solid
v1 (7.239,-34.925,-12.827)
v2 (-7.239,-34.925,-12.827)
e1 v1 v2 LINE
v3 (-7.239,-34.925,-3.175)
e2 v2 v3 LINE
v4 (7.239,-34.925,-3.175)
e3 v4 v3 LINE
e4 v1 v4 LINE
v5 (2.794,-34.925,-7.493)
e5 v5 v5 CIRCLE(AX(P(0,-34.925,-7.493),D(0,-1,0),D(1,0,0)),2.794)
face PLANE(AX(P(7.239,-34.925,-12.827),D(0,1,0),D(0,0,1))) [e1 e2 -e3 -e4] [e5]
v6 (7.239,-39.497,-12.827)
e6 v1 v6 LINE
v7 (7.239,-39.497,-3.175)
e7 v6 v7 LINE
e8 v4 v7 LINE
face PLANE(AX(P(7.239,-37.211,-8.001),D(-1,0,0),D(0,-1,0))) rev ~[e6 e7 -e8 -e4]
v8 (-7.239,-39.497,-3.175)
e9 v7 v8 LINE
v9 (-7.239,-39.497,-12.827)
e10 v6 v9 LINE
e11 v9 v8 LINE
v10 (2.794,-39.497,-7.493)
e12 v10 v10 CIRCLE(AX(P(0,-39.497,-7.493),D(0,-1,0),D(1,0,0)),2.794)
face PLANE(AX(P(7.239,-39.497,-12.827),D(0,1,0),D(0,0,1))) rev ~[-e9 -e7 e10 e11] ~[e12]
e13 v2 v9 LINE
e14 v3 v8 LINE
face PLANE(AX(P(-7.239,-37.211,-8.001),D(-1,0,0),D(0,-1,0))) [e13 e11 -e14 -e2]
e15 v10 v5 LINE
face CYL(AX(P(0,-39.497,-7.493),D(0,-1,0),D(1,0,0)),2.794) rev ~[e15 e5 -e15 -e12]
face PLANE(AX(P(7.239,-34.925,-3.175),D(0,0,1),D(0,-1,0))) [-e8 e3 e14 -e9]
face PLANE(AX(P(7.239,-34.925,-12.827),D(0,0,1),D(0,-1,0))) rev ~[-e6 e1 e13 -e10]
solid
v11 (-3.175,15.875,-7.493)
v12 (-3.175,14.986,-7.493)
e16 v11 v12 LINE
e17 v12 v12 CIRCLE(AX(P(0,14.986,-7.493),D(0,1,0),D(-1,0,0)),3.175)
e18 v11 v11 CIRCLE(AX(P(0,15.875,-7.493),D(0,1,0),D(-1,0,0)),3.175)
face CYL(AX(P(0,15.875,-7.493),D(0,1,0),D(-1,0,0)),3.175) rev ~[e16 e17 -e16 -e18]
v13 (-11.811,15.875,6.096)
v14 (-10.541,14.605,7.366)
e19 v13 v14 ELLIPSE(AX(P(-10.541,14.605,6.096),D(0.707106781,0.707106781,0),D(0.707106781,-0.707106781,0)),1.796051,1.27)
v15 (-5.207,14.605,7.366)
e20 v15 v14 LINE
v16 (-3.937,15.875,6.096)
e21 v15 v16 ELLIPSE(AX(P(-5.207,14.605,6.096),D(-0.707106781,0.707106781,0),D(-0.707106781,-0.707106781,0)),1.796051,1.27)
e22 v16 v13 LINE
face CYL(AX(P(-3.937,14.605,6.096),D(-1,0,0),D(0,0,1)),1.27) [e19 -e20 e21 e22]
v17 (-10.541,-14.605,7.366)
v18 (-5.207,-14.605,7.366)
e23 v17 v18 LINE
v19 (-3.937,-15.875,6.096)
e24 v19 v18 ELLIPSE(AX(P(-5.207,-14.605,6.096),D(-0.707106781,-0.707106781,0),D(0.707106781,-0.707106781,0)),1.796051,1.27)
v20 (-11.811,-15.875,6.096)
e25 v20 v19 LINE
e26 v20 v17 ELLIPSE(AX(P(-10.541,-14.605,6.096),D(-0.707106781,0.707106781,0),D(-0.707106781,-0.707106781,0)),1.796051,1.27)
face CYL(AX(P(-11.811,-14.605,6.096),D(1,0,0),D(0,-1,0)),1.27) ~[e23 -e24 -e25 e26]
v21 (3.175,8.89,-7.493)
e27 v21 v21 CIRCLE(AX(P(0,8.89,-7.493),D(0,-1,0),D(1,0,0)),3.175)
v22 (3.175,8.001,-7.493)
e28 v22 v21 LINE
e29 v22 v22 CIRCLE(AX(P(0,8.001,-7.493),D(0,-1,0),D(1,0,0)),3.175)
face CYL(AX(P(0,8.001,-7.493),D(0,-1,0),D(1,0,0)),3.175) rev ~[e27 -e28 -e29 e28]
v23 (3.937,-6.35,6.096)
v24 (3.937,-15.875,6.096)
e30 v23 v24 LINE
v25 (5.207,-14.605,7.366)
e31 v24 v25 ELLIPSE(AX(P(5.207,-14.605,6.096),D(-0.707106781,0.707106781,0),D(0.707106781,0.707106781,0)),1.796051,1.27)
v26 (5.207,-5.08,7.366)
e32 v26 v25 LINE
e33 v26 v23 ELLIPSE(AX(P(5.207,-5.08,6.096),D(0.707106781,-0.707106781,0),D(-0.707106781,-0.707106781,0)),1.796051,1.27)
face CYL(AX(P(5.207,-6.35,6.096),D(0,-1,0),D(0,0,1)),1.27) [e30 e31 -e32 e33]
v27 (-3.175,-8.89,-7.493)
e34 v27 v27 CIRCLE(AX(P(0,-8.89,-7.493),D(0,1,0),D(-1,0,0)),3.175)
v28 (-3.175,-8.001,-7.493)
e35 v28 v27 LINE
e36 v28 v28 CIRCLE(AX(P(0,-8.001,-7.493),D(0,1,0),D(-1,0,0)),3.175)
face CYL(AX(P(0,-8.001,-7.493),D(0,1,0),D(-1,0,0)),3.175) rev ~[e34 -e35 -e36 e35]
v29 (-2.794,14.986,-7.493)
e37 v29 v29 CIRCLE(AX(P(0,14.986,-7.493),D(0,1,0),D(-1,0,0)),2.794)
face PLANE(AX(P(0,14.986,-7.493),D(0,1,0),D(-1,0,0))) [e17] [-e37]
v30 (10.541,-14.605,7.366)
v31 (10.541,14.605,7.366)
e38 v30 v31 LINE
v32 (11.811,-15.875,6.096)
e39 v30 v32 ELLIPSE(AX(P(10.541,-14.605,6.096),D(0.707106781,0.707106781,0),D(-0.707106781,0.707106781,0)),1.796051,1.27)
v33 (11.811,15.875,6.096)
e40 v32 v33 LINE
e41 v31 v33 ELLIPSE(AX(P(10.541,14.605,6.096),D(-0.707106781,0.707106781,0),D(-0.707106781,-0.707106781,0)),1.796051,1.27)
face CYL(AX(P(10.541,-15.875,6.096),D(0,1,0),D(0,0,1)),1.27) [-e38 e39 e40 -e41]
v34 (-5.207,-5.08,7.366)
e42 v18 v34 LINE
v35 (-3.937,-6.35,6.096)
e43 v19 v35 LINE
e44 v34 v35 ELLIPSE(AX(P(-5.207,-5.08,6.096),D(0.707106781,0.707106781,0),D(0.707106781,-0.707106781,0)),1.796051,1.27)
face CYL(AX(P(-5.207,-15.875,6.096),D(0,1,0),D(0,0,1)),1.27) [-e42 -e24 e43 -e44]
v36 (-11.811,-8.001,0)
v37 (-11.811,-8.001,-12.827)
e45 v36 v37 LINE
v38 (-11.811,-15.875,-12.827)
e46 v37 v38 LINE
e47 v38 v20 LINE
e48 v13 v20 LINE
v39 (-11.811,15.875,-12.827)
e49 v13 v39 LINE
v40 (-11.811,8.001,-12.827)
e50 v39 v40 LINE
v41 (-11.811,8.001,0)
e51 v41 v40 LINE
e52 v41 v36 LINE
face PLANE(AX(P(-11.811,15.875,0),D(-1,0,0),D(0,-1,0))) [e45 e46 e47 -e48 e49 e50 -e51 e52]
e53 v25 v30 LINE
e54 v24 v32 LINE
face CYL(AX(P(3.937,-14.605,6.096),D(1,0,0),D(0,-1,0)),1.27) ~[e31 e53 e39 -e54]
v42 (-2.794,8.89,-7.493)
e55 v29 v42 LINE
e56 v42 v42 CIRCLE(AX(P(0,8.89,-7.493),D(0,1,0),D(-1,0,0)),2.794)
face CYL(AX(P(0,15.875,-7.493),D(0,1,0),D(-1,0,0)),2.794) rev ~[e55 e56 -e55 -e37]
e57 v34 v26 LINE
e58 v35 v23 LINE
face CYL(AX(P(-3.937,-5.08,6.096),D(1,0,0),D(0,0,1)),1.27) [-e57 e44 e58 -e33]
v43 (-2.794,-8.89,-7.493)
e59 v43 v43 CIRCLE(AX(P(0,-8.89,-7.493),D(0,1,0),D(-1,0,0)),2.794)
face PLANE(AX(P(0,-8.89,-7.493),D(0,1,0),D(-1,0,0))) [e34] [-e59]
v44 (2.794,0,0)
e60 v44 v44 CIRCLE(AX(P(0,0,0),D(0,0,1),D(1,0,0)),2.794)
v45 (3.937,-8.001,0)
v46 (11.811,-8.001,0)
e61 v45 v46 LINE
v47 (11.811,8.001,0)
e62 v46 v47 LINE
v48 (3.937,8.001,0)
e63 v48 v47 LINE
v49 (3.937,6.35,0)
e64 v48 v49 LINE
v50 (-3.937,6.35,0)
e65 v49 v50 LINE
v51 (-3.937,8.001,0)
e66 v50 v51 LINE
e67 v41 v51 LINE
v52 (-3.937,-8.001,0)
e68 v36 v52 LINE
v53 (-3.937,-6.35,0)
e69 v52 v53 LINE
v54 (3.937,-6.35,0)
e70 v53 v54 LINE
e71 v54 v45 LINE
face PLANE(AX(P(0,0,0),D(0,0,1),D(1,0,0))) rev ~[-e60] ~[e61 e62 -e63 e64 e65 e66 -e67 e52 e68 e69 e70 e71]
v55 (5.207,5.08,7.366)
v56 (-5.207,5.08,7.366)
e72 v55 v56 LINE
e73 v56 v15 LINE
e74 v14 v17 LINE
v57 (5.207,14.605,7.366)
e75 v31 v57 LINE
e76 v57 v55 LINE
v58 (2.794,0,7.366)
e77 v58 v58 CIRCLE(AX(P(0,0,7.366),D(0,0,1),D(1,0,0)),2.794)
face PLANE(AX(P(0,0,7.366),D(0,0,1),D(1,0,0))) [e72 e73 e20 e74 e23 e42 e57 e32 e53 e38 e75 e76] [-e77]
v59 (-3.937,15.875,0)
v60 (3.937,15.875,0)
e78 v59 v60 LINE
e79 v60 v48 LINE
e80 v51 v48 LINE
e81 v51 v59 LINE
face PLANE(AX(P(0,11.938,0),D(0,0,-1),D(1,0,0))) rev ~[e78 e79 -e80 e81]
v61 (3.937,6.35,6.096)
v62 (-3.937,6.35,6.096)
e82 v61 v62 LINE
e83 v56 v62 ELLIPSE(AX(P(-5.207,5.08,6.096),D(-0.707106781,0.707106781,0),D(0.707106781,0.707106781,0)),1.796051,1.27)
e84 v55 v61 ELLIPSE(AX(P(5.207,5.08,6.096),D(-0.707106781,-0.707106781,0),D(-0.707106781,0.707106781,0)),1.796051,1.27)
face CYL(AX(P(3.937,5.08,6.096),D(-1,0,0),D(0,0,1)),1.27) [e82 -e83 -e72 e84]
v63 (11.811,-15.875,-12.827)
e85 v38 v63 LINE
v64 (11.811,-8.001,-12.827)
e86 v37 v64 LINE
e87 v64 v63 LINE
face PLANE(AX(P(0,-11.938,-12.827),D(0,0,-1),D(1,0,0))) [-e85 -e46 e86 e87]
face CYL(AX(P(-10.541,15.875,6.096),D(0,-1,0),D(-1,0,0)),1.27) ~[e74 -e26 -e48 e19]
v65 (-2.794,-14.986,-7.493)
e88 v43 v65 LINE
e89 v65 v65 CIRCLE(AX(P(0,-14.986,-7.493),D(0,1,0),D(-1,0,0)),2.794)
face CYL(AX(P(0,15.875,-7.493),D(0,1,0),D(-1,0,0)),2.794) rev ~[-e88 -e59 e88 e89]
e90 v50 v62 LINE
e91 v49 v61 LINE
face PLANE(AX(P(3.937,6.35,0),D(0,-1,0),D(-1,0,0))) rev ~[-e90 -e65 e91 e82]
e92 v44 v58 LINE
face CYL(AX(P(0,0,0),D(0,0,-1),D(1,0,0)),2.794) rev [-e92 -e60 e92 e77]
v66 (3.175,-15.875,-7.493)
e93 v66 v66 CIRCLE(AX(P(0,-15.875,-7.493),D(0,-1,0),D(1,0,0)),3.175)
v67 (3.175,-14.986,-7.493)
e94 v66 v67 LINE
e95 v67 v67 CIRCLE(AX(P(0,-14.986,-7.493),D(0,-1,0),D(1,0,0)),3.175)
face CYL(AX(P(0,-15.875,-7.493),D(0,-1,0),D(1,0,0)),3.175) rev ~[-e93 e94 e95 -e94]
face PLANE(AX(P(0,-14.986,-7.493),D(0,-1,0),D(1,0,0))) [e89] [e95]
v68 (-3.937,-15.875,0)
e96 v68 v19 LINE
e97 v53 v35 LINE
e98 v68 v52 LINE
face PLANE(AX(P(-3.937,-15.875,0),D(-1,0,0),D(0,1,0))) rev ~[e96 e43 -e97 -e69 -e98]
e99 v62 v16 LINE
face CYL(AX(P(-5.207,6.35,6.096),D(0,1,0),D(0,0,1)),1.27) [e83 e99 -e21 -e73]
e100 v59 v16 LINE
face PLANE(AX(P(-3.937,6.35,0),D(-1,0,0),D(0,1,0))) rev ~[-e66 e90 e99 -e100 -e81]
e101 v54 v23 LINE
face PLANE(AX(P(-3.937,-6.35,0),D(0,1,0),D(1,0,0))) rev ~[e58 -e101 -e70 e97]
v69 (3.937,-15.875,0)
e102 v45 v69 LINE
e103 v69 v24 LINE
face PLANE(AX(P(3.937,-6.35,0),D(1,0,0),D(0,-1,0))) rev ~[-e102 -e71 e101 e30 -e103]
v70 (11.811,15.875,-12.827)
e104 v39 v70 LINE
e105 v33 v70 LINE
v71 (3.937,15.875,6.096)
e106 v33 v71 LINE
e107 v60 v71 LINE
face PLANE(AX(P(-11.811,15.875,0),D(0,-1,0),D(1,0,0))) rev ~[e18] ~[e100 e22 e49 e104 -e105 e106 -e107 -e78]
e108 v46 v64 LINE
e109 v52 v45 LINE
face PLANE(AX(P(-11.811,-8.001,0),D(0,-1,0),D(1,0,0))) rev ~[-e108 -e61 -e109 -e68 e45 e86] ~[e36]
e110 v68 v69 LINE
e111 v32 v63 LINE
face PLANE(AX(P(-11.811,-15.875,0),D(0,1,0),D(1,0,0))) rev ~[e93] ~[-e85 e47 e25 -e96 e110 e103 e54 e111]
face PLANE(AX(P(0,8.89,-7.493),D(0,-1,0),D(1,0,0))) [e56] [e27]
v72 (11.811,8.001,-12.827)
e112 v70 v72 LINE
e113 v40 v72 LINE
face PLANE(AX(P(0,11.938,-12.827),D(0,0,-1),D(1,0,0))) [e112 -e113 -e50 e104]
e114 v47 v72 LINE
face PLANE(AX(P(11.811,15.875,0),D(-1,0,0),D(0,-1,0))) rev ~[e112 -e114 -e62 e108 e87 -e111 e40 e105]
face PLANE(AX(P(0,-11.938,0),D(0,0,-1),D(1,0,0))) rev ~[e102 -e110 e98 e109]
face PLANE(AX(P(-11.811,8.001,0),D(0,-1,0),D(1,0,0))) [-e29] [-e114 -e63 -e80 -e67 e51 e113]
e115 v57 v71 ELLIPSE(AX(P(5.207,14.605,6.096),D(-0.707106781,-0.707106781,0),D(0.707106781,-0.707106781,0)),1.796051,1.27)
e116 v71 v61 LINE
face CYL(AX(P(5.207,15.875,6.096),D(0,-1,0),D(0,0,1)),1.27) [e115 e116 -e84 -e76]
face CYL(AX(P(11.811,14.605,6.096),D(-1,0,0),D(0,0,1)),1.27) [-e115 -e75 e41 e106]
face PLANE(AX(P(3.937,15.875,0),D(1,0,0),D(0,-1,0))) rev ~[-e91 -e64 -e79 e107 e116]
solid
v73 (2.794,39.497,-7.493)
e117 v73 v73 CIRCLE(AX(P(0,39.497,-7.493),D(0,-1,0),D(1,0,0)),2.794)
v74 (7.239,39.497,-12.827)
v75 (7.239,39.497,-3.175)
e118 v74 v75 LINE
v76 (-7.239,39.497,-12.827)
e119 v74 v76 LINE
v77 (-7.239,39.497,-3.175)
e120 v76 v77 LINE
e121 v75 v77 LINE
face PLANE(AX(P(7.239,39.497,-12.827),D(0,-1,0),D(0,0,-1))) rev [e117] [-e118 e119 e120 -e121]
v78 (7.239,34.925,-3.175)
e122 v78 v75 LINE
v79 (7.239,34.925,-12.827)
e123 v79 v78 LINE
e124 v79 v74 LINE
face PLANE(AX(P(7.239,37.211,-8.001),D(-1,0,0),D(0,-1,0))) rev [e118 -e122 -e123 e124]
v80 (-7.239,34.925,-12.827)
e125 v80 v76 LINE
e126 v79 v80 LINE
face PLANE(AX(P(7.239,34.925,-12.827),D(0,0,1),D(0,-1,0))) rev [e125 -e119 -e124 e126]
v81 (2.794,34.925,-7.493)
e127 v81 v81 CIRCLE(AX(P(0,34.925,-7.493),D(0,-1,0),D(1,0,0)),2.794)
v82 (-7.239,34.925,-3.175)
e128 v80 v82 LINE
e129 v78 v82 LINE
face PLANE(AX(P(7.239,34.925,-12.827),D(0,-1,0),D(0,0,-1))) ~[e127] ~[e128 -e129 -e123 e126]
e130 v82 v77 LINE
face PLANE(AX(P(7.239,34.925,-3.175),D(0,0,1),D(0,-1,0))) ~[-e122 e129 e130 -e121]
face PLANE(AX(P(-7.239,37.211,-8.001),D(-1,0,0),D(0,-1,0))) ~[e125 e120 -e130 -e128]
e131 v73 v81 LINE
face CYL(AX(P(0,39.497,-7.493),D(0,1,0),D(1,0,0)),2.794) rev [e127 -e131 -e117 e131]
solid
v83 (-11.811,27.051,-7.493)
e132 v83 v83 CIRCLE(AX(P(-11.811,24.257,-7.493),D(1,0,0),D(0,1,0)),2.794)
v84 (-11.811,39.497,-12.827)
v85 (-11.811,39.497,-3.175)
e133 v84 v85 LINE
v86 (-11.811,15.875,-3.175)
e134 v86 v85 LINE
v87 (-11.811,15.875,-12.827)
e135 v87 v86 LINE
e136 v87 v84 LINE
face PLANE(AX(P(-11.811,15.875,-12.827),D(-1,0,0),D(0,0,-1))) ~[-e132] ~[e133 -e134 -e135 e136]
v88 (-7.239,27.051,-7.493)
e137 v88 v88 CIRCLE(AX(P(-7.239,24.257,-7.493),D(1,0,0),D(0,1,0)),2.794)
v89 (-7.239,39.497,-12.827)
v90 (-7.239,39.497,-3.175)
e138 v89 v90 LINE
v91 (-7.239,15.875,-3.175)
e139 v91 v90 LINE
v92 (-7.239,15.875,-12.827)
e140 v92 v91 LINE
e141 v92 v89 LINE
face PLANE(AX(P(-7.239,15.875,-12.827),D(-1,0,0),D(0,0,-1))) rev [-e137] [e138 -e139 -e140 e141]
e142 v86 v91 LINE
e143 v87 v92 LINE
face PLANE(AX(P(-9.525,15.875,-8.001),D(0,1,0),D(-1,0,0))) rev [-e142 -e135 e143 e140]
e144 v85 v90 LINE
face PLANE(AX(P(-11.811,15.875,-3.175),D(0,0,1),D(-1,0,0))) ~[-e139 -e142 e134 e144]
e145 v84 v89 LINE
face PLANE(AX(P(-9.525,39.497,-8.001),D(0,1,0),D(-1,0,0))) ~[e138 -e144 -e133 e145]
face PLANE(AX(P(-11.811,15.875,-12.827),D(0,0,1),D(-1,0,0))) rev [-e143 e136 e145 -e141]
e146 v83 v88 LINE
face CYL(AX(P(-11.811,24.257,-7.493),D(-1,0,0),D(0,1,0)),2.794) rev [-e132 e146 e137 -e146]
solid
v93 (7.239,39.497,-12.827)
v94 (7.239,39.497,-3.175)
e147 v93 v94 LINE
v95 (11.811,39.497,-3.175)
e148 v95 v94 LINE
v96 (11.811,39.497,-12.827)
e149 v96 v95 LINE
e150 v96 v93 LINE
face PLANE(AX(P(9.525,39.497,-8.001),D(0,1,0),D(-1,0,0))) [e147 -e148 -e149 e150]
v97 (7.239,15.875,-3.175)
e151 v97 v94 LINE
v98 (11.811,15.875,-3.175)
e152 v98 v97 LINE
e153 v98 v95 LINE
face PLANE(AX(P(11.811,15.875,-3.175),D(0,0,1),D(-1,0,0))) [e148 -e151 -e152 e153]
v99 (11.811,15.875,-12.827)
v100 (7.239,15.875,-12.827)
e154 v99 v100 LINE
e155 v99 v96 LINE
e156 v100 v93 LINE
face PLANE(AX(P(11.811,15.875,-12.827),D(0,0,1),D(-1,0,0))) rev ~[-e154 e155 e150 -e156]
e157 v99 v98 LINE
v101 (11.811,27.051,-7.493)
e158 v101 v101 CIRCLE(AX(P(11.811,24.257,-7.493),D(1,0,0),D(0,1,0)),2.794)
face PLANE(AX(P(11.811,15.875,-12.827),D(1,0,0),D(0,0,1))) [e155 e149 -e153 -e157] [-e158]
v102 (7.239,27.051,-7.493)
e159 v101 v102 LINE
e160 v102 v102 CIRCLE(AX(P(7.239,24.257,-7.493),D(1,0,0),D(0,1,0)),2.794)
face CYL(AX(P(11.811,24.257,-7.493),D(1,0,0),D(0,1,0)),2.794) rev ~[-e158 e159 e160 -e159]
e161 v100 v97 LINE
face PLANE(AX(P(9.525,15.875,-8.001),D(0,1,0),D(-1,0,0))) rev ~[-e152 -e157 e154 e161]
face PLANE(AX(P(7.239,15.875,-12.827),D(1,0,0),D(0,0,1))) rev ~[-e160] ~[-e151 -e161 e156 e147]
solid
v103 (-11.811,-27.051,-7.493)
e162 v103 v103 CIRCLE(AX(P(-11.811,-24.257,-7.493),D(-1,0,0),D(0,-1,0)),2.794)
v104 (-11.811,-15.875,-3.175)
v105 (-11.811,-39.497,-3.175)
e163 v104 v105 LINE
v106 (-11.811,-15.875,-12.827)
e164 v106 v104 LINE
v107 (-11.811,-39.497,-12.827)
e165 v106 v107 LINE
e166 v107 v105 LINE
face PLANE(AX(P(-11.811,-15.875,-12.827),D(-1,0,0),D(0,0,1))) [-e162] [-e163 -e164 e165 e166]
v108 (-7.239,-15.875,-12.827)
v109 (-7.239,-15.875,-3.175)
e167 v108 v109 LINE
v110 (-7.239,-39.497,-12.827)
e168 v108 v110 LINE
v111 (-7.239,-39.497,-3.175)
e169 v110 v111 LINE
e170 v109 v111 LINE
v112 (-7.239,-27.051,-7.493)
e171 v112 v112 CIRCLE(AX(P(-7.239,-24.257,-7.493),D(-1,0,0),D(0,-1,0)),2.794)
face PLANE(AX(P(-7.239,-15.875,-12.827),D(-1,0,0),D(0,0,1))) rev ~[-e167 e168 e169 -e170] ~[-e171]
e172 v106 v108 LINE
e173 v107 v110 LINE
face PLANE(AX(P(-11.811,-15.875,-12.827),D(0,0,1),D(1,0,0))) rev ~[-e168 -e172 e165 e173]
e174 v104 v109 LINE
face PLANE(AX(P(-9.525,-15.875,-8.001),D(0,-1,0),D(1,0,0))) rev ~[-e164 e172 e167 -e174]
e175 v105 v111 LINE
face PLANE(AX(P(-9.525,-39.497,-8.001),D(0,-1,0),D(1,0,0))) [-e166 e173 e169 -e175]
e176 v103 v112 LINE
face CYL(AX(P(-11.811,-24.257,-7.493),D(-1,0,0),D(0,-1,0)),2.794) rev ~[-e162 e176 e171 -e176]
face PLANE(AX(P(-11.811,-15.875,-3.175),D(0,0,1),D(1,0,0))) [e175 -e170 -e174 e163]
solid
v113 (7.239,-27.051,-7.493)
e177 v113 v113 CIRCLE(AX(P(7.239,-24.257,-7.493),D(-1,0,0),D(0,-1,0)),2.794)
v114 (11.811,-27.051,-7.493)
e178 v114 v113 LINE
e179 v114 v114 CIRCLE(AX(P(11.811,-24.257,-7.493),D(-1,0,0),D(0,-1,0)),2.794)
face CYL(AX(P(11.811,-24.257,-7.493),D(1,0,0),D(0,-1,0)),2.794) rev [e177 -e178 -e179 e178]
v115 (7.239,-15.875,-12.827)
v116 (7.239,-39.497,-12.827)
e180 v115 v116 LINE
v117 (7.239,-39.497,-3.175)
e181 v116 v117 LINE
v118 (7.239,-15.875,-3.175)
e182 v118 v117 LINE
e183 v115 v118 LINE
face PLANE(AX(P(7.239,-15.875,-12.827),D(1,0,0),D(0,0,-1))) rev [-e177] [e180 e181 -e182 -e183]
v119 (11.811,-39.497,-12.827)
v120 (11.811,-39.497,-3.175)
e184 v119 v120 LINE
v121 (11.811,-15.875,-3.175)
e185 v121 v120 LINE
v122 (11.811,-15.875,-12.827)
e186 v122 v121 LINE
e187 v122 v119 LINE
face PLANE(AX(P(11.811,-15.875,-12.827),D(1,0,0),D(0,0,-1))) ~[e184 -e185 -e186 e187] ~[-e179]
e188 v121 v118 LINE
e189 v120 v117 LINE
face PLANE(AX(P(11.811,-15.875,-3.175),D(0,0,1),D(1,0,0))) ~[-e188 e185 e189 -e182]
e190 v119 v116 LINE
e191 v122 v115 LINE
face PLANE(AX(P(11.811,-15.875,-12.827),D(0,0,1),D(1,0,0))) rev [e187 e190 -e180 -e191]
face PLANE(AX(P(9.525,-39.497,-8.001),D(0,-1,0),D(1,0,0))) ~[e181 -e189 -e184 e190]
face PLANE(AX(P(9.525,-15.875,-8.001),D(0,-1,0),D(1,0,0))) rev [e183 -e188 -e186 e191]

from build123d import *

# Parameters (mm, degrees)
F0_R      = 2.794
F1_DEPTH  = 7.366
F2_W      = 23.622
F2_H      = 7.874
F3_DEPTH  = 12.827
F4_R      = 2.794
F5_DEPTH  = 31.75
F6_W      = 4.572
F6_H      = 9.652
F7_DEPTH  = 23.622
F8_R      = 2.794
F9_DEPTH  = 4.572
F11_W     = 4.572
F11_H     = 9.652
F12_DEPTH = 14.478
F13_R     = 2.794
F14_DEPTH = 4.572
F16_R     = 1.27
F17_R     = 3.175
F18_DEPTH = 0.889
F19_R     = 3.175
F19_R_2   = 2.794
F20_DEPTH = 0.889
F21_R     = 3.175
F21_R_2   = 2.794
F22_DEPTH = 0.889
F23_R     = 3.175
F23_R_2   = 2.794
F24_DEPTH = 0.889


with BuildPart() as f1:
    # F0 (on Top) → F1 (new body)
    with BuildSketch(Plane.XY):
        Polygon((-3.937, 15.875), (-11.811, 15.875), (-11.811, 0), (-11.811, -15.875), (-3.937, -15.875), (-3.937, -6.35), (0, -6.35), (3.937, -6.35), (3.937, -15.875), (11.811, -15.875), (11.811, 0), (11.811, 15.875), (3.937, 15.875), (3.937, 6.35), (0, 6.35), (-3.937, 6.35), align=None)
        Circle(F0_R, mode=Mode.SUBTRACT)
    extrude(amount=F1_DEPTH)

    # F2 (on face) → F3 (join)
    with BuildSketch(Plane(origin=(0, 0, 0), x_dir=(1, 0, 0), z_dir=(0, 0, -1))):
        with Locations((0, -11.938)):
            Rectangle(F2_W, F2_H)
        with Locations((0, 11.938)):
            Rectangle(F2_W, F2_H)
    extrude(amount=F3_DEPTH)

    # F4 (on face) → F5 (cut, through all)
    with BuildSketch(Plane(origin=(0, 15.875, 0), x_dir=(-1, 0, 0), z_dir=(0, 1, 0))):
        with Locations((0, -7.493)):
            Circle(F4_R)
    extrude(amount=-F5_DEPTH, mode=Mode.SUBTRACT)

    # F16
    f16_edges = [f1.edges().sort_by_distance(p)[0] for p in [
        (-11.811, 0, 7.366),
        (-7.874, 15.875, 7.366),
        (-3.937, 11.1125, 7.366),
        (0, 6.35, 7.366),
        (3.937, 11.1125, 7.366),
        (7.874, 15.875, 7.366),
        (11.811, 0, 7.366),
        (7.874, -15.875, 7.366),
        (3.937, -11.1125, 7.366),
        (0, -6.35, 7.366),
        (-7.874, -15.875, 7.366),
        (-3.937, -11.1125, 7.366),
    ]]
    fillet(f16_edges, radius=F16_R)

    # F17 (on face) → F18 (cut)
    with BuildSketch(Plane.XZ.offset(-8.001)):
        with Locations((0, -7.493)):
            Circle(F17_R)
    extrude(amount=-F18_DEPTH, mode=Mode.SUBTRACT)

    # F19 (on face) → F20 (cut)
    with BuildSketch(Plane(origin=(0, -8.001, 0), x_dir=(-1, 0, 0), z_dir=(0, 1, 0))):
        with Locations((0, -7.493)):
            Circle(F19_R)
        with Locations((0, -7.493)):
            Circle(F19_R_2, mode=Mode.SUBTRACT)
    extrude(amount=-F20_DEPTH, mode=Mode.SUBTRACT)

    # F21 (on face) → F22 (cut)
    with BuildSketch(Plane.XZ.offset(15.875)):
        with Locations((0, -7.493)):
            Circle(F21_R)
        with Locations((0, -7.493)):
            Circle(F21_R_2, mode=Mode.SUBTRACT)
    extrude(amount=-F22_DEPTH, mode=Mode.SUBTRACT)

    # F23 (on face) → F24 (cut)
    with BuildSketch(Plane(origin=(0, 15.875, 0), x_dir=(-1, 0, 0), z_dir=(0, 1, 0))):
        with Locations((0, -7.493)):
            Circle(F23_R)
        with Locations((0, -7.493)):
            Circle(F23_R_2, mode=Mode.SUBTRACT)
    extrude(amount=-F24_DEPTH, mode=Mode.SUBTRACT)


with BuildPart() as f7:
    # F6 (on face) → F7 (new body)
    with BuildSketch(Plane.XZ.offset(15.875)):
        with Locations((-9.525, -8.001)):
            Rectangle(F6_W, F6_H)
    extrude(amount=F7_DEPTH)

    # F8 (on face) → F9 (cut, through all)
    with BuildSketch(Plane(origin=(-11.811, 0, 0), x_dir=(0, -1, 0), z_dir=(-1, 0, 0))):
        with Locations((24.257, -7.493)):
            Circle(F8_R)
    extrude(amount=-F9_DEPTH, mode=Mode.SUBTRACT)


with BuildPart() as f10_1:
    # F10: instance of F7
    add(f7.part.mirror(Plane.YZ))


with BuildPart() as f12:
    # F11 (on face) → F12 (new body, through all)
    with BuildSketch(Plane(origin=(7.239, 0, 0), x_dir=(0, -1, 0), z_dir=(-1, 0, 0))):
        with Locations((37.211, -8.001)):
            Rectangle(F11_W, F11_H)
    extrude(amount=F12_DEPTH)

    # F13 (on face) → F14 (cut, through all)
    with BuildSketch(Plane.XZ.offset(39.497)):
        with Locations((0, -7.493)):
            Circle(F13_R)
    extrude(amount=-F14_DEPTH, mode=Mode.SUBTRACT)


with BuildPart() as f15_1:
    # F15: instance of F7
    add(f7.part.mirror(Plane.XZ))


with BuildPart() as f15_2:
    # F15: instance of F12
    add(f12.part.mirror(Plane.XZ))


with BuildPart() as f15_3:
    # F15: instance of F10_1
    add(f10_1.part.mirror(Plane.XZ))


solid = Compound([f1.part, f7.part, f10_1.part, f12.part, f15_1.part, f15_2.part, f15_3.part])
